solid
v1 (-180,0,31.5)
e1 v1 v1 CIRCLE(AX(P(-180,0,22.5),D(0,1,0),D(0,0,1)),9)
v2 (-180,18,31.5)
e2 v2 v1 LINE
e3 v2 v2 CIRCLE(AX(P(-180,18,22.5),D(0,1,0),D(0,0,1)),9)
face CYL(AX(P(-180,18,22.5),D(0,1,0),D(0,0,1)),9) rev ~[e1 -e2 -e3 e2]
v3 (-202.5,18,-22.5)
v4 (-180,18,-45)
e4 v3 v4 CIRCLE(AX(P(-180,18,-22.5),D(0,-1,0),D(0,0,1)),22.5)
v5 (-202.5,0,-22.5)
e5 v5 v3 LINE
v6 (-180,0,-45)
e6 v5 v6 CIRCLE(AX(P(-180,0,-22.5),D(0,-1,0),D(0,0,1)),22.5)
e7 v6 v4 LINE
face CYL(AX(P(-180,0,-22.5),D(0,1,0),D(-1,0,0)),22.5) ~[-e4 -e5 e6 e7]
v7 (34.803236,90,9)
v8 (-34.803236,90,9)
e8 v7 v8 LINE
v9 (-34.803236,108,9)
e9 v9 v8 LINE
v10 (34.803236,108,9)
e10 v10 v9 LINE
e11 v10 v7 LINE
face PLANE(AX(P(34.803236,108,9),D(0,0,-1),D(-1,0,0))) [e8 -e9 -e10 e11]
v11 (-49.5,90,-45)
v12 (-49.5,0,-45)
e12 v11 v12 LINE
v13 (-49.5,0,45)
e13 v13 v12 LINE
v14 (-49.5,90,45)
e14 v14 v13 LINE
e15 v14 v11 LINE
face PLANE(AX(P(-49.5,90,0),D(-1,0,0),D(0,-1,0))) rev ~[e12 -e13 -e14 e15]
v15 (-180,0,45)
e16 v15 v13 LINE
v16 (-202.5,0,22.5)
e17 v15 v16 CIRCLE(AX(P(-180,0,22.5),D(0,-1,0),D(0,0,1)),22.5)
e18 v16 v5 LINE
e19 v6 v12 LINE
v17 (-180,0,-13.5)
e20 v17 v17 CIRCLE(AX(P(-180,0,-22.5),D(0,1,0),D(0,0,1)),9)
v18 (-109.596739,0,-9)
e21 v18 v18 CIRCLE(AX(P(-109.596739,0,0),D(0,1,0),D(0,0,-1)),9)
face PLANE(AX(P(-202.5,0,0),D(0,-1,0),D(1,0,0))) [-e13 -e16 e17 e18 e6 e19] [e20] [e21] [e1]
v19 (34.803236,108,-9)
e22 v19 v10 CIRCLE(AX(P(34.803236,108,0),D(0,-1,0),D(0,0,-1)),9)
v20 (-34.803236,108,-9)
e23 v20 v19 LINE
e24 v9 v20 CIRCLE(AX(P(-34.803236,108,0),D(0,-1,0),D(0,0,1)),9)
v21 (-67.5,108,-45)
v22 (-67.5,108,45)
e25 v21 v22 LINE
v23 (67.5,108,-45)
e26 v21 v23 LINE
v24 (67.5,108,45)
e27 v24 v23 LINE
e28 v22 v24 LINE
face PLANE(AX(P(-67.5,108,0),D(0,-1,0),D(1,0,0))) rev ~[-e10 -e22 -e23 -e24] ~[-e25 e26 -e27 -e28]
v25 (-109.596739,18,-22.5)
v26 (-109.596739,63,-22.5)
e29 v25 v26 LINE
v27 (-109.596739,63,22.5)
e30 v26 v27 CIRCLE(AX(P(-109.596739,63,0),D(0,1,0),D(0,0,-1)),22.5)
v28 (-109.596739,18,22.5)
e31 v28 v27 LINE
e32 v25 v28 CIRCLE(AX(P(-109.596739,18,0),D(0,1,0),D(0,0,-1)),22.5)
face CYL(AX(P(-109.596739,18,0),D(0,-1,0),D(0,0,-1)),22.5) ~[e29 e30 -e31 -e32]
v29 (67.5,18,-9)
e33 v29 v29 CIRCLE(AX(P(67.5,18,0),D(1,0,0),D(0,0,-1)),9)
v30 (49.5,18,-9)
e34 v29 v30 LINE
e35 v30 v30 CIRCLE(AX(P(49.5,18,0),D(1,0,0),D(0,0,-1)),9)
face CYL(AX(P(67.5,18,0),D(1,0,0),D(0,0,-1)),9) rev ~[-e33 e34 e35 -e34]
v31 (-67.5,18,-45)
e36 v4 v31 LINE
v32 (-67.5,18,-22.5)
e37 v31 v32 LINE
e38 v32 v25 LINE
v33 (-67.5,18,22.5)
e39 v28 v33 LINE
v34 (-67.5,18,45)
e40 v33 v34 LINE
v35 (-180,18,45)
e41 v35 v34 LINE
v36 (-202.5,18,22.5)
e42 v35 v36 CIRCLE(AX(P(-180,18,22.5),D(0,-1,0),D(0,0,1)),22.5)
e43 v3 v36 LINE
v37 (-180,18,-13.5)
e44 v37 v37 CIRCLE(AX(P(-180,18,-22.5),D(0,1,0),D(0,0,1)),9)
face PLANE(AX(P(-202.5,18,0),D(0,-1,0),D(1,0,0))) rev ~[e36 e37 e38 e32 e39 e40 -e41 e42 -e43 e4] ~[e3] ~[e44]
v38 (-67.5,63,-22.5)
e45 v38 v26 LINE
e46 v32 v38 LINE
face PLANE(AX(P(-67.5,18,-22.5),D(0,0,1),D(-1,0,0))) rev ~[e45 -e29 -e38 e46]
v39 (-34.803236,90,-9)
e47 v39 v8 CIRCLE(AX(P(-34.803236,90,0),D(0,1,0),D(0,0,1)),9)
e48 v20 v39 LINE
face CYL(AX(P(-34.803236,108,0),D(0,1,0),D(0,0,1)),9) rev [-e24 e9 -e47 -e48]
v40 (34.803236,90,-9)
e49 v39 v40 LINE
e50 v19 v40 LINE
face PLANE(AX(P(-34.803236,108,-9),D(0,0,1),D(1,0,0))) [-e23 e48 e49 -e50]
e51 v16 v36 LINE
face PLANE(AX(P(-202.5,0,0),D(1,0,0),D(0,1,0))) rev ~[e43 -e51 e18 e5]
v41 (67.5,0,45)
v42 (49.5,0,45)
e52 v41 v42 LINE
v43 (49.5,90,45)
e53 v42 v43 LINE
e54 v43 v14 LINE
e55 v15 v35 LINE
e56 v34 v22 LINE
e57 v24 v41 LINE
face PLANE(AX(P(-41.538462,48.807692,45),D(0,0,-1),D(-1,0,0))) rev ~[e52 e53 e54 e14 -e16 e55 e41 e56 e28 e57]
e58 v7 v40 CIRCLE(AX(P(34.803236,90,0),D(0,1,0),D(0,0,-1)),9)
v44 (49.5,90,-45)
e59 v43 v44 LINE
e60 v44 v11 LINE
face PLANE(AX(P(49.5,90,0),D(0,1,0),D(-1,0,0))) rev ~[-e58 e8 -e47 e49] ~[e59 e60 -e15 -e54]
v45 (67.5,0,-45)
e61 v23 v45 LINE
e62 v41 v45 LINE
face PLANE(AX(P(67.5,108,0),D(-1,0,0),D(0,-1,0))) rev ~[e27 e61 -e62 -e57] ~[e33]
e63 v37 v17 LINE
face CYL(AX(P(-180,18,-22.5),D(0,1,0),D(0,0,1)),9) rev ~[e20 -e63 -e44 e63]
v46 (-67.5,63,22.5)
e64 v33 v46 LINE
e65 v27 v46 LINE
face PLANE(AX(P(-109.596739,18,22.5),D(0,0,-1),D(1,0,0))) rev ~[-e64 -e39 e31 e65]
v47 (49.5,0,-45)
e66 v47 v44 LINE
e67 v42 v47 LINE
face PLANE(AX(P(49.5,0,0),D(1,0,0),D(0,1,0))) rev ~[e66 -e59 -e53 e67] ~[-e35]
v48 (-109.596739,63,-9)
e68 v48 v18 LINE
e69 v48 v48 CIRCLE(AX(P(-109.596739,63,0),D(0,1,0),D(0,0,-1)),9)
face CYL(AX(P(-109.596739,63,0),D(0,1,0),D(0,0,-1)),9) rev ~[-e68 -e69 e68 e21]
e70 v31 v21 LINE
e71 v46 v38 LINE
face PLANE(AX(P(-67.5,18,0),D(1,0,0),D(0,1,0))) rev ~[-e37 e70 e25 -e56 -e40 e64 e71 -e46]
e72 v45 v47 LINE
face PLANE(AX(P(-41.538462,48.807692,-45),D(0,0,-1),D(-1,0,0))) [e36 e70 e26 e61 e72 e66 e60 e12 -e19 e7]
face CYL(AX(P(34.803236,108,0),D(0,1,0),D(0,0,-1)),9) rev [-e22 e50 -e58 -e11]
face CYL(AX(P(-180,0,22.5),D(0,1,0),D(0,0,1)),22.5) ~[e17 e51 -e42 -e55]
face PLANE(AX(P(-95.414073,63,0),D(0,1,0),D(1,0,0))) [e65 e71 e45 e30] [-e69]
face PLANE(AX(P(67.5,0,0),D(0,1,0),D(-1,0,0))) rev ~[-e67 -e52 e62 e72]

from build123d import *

# Parameters (mm, degrees)
BOSS_EXTRUDE1_DEPTH = 45
FILLET1_R           = 22.5
SKETCH2_R           = 9
CUT_EXTRUDE1_DEPTH  = 90
SKETCH3_R           = 9
BOSS_EXTRUDE2_DEPTH = 45
SKETCH4_R           = 9
CUT_EXTRUDE2_DEPTH  = 217.795410468
CUT_EXTRUDE3_DEPTH  = 45
SKETCH6_R           = 9
CUT_EXTRUDE4_DEPTH  = 45


with BuildPart() as part:
    # Sketch1 → Boss-Extrude1 (new, symmetric)
    with BuildSketch(Plane.XY):
        Polygon((-67.5, 108), (67.5, 108), (67.5, 0), (49.5, 0), (49.5, 90), (-49.5, 90), (-49.5, 0), (-67.5, 0), (-202.5, 0), (-202.5, 18), (-67.5, 18), align=None)
    extrude(amount=BOSS_EXTRUDE1_DEPTH, both=True)

    # Fillet1
    fillet1_edges = [part.edges().sort_by_distance(p)[0] for p in [
        (-202.5, 9, -45),
        (-202.5, 9, 45),
    ]]
    fillet(fillet1_edges, radius=FILLET1_R)

    # Sketch2 → Cut-Extrude1 (cut)
    with BuildSketch(Plane(origin=(0, 18, 0), x_dir=(1, 0, 0), z_dir=(0, 1, 0))):
        with Locations(Location((-180, -22.5, 0), (0, 0, 270))):
            Circle(SKETCH2_R)
        with Locations(Location((-180, 22.5, 0), (0, 0, 270))):
            Circle(SKETCH2_R)
    extrude(amount=-CUT_EXTRUDE1_DEPTH, mode=Mode.SUBTRACT)

    # Sketch3 → Boss-Extrude2 (add)
    with BuildSketch(Plane(origin=(0, 18, 0), x_dir=(1, 0, 0), z_dir=(0, 1, 0))):
        with BuildLine():
            Line((-67.5, 22.5), (-109.596739016, 22.5))
            ThreePointArc((-109.596739016, 22.5), (-132.096739016, 0), (-109.596739016, -22.5))
            Line((-109.596739016, -22.5), (-67.5, -22.5))
            Line((-67.5, -22.5), (-67.5, 22.5))
        make_face()
        with Locations(Location((-109.596739016, 0, 0), (0, 0, 90))):
            Circle(SKETCH3_R, mode=Mode.SUBTRACT)
    extrude(amount=BOSS_EXTRUDE2_DEPTH)

    # Sketch4 → Cut-Extrude2 (cut, through all)
    with BuildSketch(Plane(origin=(0, 63, 0), x_dir=(1, 0, 0), z_dir=(0, 1, 0))):
        with Locations(Location((-109.596739016, 0, 0), (0, 0, 90))):
            Circle(SKETCH4_R)
    extrude(amount=-CUT_EXTRUDE2_DEPTH, mode=Mode.SUBTRACT)

    # Sketch5 → Cut-Extrude3 (cut)
    with BuildSketch(Plane(origin=(0, 108, 0), x_dir=(1, 0, 0), z_dir=(0, 1, 0))):
        with BuildLine():
            Line((-34.803236343, 9), (34.803236343, 9))
            ThreePointArc((34.803236343, 9), (43.803236343, 0), (34.803236343, -9))
            Line((34.803236343, -9), (-34.803236343, -9))
            ThreePointArc((-34.803236343, -9), (-43.803236343, 0), (-34.803236343, 9))
        make_face()
    extrude(amount=-CUT_EXTRUDE3_DEPTH, mode=Mode.SUBTRACT)

    # Sketch6 → Cut-Extrude4 (cut)
    with BuildSketch(Plane(origin=(67.5, 0, 0), x_dir=(0, 0, -1), z_dir=(1, 0, 0))):
        with Locations((0, 18)):
            Circle(SKETCH6_R)
    extrude(amount=-CUT_EXTRUDE4_DEPTH, mode=Mode.SUBTRACT)


solid = part.part
